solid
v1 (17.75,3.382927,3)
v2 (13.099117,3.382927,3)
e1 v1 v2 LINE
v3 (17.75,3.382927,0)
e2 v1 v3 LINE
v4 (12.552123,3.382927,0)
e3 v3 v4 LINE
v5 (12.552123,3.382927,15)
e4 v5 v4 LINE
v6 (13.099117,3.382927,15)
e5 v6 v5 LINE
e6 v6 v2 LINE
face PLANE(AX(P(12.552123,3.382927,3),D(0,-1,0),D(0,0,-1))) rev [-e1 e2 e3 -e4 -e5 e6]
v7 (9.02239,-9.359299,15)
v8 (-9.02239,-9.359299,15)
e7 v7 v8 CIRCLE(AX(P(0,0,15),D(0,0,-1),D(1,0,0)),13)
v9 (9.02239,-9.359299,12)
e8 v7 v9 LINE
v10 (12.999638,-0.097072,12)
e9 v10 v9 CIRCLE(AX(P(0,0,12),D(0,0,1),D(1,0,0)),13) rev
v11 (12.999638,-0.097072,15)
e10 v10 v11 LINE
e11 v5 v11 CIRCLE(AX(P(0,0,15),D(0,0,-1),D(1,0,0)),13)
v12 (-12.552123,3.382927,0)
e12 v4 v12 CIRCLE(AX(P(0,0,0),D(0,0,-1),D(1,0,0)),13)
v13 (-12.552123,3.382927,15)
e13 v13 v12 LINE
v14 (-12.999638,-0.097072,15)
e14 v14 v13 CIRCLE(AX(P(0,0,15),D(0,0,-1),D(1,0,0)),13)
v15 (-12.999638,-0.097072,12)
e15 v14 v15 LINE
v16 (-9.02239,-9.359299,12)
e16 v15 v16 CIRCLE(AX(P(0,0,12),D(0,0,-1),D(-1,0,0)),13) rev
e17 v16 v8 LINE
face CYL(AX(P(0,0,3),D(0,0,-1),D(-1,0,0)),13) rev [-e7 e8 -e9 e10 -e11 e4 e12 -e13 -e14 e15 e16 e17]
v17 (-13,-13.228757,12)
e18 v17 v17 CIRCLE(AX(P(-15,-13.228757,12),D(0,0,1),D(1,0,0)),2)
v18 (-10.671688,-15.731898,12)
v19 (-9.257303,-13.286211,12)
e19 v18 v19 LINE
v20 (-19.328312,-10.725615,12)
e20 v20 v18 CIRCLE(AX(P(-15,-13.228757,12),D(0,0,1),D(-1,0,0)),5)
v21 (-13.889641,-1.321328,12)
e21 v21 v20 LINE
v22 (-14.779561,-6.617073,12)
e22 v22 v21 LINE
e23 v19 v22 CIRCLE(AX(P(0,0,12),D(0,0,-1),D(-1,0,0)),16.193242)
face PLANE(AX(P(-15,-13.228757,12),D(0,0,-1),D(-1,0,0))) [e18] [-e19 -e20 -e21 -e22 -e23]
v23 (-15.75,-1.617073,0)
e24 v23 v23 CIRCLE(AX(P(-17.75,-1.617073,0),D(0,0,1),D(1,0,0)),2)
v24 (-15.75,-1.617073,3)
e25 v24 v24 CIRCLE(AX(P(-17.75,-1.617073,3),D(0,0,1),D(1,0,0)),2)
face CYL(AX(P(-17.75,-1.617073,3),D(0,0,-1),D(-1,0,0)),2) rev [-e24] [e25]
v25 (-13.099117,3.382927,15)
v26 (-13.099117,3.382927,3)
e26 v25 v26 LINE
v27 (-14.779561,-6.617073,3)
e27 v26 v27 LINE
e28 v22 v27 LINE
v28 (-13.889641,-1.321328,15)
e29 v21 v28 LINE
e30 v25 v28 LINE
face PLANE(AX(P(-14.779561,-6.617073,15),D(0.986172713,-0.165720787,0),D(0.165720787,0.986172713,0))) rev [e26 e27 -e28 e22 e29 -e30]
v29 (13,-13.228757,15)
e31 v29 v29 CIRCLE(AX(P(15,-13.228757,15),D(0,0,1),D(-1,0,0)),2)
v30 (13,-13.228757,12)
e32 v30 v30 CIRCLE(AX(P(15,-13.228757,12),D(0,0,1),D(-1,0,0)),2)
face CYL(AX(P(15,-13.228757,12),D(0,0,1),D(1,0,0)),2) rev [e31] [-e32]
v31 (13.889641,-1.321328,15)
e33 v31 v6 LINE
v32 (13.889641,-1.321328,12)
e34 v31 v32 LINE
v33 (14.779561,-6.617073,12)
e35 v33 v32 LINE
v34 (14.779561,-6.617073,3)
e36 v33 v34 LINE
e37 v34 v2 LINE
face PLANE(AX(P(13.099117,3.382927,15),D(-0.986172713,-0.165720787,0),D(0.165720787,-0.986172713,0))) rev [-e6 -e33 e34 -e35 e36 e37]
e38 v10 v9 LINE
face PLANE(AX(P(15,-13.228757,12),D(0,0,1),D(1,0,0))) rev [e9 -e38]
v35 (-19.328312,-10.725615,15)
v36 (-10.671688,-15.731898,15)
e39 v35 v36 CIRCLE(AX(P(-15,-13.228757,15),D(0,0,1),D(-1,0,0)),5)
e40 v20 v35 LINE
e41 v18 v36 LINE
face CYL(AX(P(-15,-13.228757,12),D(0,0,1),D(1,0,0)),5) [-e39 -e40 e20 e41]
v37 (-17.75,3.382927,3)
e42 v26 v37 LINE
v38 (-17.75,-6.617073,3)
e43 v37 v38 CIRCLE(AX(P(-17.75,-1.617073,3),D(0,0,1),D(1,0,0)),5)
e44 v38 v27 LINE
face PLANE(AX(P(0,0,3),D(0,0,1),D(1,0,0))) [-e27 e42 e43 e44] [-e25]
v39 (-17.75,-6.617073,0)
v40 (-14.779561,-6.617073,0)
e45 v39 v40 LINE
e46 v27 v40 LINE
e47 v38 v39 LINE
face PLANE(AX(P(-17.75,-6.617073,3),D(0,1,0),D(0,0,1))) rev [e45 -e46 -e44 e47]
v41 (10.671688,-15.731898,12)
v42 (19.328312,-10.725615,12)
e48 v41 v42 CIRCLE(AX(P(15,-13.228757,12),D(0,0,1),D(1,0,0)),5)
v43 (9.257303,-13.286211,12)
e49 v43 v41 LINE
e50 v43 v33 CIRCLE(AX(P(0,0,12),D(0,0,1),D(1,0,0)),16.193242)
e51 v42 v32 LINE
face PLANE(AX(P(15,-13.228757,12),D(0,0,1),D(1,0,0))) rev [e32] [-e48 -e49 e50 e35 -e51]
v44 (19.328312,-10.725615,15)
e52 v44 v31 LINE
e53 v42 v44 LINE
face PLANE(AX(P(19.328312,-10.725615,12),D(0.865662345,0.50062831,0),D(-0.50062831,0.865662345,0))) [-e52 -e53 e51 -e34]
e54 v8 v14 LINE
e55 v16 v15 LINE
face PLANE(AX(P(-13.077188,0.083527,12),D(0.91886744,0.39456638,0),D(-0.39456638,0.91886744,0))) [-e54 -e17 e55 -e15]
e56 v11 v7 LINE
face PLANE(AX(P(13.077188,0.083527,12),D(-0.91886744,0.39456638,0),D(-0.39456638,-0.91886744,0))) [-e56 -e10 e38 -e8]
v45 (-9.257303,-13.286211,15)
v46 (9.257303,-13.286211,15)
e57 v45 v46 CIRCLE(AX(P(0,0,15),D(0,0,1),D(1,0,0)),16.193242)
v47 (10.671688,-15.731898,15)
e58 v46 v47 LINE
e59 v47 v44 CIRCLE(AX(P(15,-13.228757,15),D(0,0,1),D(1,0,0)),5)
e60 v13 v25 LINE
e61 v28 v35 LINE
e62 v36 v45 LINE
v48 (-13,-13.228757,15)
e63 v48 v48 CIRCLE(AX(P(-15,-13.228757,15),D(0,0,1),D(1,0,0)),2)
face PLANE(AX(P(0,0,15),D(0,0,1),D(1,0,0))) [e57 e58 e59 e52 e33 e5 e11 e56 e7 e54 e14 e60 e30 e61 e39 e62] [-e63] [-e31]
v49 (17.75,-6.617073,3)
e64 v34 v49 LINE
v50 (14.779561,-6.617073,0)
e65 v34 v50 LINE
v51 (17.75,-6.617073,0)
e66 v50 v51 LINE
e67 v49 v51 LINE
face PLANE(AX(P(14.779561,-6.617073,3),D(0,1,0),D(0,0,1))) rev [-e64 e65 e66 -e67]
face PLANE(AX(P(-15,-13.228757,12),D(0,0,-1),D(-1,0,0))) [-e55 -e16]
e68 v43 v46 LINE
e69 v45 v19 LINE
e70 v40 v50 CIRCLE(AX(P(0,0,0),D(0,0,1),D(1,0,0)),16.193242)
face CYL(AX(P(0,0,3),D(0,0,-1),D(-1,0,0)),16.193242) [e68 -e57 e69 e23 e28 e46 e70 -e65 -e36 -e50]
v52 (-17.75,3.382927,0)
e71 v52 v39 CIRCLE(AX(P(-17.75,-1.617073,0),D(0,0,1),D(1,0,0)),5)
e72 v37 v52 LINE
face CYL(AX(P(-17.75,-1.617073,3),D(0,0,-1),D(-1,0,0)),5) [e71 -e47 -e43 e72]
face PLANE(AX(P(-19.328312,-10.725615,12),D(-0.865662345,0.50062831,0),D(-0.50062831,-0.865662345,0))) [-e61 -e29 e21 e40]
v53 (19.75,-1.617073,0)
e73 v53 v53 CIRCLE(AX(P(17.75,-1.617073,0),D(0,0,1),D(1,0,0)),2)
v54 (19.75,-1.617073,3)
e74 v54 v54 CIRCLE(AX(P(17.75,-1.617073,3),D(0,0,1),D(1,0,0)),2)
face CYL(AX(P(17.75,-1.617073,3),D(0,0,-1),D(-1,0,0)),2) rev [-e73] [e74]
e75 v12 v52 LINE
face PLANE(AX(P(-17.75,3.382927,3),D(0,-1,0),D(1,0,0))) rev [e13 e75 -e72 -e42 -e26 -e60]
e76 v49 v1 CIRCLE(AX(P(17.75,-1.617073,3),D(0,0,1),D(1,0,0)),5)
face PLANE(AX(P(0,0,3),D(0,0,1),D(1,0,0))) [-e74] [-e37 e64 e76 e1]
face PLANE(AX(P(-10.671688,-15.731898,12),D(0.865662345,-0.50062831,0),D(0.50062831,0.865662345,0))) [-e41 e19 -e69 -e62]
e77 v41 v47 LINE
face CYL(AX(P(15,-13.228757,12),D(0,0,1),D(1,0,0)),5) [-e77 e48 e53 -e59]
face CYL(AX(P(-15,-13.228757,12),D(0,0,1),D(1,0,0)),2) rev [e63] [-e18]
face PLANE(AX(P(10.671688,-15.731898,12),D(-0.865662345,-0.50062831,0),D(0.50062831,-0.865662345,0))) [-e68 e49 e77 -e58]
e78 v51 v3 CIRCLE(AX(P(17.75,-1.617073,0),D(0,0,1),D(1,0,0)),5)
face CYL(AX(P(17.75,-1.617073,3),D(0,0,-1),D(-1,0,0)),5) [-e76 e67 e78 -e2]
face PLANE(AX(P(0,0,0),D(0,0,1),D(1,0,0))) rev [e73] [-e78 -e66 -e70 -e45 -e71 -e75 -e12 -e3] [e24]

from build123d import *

# Parameters (mm, degrees)
ESBO_O1_R                = 2
RESSALTO_EXTRUS_O1_DEPTH = 3
RESSALTO_EXTRUS_O2_DEPTH = 12
ESBO_O3_R                = 2
RESSALTO_EXTRUS_O3_DEPTH = 3


with BuildPart() as part:
    # Esboço1 → Ressalto-extrusão1 (new body)
    with BuildSketch(Plane.XY):
        with BuildLine():
            Line((-17.75, 3.382927425), (-13.099117311, 3.382927425))
            Line((-13.099117311, 3.382927425), (-12.552123407, 3.382927425))
            ThreePointArc((-12.552123407, 3.382927425), (0, -13), (12.552123407, 3.382927425))
            Line((12.552123407, 3.382927425), (13.099117311, 3.382927425))
            Line((13.099117311, 3.382927425), (17.75, 3.382927425))
            ThreePointArc((17.75, 3.382927425), (22.75, -1.617072575), (17.75, -6.617072575))
            Line((17.75, -6.617072575), (14.779561157, -6.617072575))
            ThreePointArc((14.779561157, -6.617072575), (0, -16.193241721), (-14.779561157, -6.617072575))
            Line((-14.779561157, -6.617072575), (-17.75, -6.617072575))
            ThreePointArc((-17.75, -6.617072575), (-22.75, -1.617072575), (-17.75, 3.382927425))
        make_face()
        with Locations((-17.75, -1.617072575)):
            Circle(ESBO_O1_R, mode=Mode.SUBTRACT)
        with Locations((17.75, -1.617072575)):
            Circle(ESBO_O1_R, mode=Mode.SUBTRACT)
    extrude(amount=RESSALTO_EXTRUS_O1_DEPTH)

    # Esboço2 → Ressalto-extrusão2 (add)
    with BuildSketch(Plane.XY.offset(3)):
        with BuildLine():
            Line((13.099117311, 3.382927425), (14.779561157, -6.617072575))
            ThreePointArc((14.779561157, -6.617072575), (0, -16.193241721), (-14.779561157, -6.617072575))
            Line((-14.779561157, -6.617072575), (-13.099117311, 3.382927425))
            Line((-13.099117311, 3.382927425), (-12.552123407, 3.382927425))
            ThreePointArc((-12.552123407, 3.382927425), (0, -13), (12.552123407, 3.382927425))
            Line((12.552123407, 3.382927425), (13.099117311, 3.382927425))
        make_face()
    extrude(amount=RESSALTO_EXTRUS_O2_DEPTH)

    # Esboço3 → Ressalto-extrusão3 (add)
    with BuildSketch(Plane.XY.offset(15)):
        with BuildLine():
            Line((13.077187708, 0.083527365), (8.154782397, -11.379785765))
            Line((8.154782397, -11.379785765), (10.671688275, -15.731898104))
            ThreePointArc((10.671688275, -15.731898104), (17.503141549, -17.55706828), (19.328311725, -10.725615007))
            Line((19.328311725, -10.725615007), (13.077187708, 0.083527365))
        make_face()
        with Locations((15, -13.228756555)):
            Circle(ESBO_O3_R, mode=Mode.SUBTRACT)
        with BuildLine():
            Line((-10.671688275, -15.731898104), (-8.154782397, -11.379785765))
            Line((-8.154782397, -11.379785765), (-13.077187708, 0.083527365))
            Line((-13.077187708, 0.083527365), (-19.328311725, -10.725615007))
            ThreePointArc((-19.328311725, -10.725615007), (-17.503141549, -17.55706828), (-10.671688275, -15.731898104))
        make_face()
        with Locations((-15, -13.228756555)):
            Circle(ESBO_O3_R, mode=Mode.SUBTRACT)
    extrude(amount=-RESSALTO_EXTRUS_O3_DEPTH)


solid = part.part
